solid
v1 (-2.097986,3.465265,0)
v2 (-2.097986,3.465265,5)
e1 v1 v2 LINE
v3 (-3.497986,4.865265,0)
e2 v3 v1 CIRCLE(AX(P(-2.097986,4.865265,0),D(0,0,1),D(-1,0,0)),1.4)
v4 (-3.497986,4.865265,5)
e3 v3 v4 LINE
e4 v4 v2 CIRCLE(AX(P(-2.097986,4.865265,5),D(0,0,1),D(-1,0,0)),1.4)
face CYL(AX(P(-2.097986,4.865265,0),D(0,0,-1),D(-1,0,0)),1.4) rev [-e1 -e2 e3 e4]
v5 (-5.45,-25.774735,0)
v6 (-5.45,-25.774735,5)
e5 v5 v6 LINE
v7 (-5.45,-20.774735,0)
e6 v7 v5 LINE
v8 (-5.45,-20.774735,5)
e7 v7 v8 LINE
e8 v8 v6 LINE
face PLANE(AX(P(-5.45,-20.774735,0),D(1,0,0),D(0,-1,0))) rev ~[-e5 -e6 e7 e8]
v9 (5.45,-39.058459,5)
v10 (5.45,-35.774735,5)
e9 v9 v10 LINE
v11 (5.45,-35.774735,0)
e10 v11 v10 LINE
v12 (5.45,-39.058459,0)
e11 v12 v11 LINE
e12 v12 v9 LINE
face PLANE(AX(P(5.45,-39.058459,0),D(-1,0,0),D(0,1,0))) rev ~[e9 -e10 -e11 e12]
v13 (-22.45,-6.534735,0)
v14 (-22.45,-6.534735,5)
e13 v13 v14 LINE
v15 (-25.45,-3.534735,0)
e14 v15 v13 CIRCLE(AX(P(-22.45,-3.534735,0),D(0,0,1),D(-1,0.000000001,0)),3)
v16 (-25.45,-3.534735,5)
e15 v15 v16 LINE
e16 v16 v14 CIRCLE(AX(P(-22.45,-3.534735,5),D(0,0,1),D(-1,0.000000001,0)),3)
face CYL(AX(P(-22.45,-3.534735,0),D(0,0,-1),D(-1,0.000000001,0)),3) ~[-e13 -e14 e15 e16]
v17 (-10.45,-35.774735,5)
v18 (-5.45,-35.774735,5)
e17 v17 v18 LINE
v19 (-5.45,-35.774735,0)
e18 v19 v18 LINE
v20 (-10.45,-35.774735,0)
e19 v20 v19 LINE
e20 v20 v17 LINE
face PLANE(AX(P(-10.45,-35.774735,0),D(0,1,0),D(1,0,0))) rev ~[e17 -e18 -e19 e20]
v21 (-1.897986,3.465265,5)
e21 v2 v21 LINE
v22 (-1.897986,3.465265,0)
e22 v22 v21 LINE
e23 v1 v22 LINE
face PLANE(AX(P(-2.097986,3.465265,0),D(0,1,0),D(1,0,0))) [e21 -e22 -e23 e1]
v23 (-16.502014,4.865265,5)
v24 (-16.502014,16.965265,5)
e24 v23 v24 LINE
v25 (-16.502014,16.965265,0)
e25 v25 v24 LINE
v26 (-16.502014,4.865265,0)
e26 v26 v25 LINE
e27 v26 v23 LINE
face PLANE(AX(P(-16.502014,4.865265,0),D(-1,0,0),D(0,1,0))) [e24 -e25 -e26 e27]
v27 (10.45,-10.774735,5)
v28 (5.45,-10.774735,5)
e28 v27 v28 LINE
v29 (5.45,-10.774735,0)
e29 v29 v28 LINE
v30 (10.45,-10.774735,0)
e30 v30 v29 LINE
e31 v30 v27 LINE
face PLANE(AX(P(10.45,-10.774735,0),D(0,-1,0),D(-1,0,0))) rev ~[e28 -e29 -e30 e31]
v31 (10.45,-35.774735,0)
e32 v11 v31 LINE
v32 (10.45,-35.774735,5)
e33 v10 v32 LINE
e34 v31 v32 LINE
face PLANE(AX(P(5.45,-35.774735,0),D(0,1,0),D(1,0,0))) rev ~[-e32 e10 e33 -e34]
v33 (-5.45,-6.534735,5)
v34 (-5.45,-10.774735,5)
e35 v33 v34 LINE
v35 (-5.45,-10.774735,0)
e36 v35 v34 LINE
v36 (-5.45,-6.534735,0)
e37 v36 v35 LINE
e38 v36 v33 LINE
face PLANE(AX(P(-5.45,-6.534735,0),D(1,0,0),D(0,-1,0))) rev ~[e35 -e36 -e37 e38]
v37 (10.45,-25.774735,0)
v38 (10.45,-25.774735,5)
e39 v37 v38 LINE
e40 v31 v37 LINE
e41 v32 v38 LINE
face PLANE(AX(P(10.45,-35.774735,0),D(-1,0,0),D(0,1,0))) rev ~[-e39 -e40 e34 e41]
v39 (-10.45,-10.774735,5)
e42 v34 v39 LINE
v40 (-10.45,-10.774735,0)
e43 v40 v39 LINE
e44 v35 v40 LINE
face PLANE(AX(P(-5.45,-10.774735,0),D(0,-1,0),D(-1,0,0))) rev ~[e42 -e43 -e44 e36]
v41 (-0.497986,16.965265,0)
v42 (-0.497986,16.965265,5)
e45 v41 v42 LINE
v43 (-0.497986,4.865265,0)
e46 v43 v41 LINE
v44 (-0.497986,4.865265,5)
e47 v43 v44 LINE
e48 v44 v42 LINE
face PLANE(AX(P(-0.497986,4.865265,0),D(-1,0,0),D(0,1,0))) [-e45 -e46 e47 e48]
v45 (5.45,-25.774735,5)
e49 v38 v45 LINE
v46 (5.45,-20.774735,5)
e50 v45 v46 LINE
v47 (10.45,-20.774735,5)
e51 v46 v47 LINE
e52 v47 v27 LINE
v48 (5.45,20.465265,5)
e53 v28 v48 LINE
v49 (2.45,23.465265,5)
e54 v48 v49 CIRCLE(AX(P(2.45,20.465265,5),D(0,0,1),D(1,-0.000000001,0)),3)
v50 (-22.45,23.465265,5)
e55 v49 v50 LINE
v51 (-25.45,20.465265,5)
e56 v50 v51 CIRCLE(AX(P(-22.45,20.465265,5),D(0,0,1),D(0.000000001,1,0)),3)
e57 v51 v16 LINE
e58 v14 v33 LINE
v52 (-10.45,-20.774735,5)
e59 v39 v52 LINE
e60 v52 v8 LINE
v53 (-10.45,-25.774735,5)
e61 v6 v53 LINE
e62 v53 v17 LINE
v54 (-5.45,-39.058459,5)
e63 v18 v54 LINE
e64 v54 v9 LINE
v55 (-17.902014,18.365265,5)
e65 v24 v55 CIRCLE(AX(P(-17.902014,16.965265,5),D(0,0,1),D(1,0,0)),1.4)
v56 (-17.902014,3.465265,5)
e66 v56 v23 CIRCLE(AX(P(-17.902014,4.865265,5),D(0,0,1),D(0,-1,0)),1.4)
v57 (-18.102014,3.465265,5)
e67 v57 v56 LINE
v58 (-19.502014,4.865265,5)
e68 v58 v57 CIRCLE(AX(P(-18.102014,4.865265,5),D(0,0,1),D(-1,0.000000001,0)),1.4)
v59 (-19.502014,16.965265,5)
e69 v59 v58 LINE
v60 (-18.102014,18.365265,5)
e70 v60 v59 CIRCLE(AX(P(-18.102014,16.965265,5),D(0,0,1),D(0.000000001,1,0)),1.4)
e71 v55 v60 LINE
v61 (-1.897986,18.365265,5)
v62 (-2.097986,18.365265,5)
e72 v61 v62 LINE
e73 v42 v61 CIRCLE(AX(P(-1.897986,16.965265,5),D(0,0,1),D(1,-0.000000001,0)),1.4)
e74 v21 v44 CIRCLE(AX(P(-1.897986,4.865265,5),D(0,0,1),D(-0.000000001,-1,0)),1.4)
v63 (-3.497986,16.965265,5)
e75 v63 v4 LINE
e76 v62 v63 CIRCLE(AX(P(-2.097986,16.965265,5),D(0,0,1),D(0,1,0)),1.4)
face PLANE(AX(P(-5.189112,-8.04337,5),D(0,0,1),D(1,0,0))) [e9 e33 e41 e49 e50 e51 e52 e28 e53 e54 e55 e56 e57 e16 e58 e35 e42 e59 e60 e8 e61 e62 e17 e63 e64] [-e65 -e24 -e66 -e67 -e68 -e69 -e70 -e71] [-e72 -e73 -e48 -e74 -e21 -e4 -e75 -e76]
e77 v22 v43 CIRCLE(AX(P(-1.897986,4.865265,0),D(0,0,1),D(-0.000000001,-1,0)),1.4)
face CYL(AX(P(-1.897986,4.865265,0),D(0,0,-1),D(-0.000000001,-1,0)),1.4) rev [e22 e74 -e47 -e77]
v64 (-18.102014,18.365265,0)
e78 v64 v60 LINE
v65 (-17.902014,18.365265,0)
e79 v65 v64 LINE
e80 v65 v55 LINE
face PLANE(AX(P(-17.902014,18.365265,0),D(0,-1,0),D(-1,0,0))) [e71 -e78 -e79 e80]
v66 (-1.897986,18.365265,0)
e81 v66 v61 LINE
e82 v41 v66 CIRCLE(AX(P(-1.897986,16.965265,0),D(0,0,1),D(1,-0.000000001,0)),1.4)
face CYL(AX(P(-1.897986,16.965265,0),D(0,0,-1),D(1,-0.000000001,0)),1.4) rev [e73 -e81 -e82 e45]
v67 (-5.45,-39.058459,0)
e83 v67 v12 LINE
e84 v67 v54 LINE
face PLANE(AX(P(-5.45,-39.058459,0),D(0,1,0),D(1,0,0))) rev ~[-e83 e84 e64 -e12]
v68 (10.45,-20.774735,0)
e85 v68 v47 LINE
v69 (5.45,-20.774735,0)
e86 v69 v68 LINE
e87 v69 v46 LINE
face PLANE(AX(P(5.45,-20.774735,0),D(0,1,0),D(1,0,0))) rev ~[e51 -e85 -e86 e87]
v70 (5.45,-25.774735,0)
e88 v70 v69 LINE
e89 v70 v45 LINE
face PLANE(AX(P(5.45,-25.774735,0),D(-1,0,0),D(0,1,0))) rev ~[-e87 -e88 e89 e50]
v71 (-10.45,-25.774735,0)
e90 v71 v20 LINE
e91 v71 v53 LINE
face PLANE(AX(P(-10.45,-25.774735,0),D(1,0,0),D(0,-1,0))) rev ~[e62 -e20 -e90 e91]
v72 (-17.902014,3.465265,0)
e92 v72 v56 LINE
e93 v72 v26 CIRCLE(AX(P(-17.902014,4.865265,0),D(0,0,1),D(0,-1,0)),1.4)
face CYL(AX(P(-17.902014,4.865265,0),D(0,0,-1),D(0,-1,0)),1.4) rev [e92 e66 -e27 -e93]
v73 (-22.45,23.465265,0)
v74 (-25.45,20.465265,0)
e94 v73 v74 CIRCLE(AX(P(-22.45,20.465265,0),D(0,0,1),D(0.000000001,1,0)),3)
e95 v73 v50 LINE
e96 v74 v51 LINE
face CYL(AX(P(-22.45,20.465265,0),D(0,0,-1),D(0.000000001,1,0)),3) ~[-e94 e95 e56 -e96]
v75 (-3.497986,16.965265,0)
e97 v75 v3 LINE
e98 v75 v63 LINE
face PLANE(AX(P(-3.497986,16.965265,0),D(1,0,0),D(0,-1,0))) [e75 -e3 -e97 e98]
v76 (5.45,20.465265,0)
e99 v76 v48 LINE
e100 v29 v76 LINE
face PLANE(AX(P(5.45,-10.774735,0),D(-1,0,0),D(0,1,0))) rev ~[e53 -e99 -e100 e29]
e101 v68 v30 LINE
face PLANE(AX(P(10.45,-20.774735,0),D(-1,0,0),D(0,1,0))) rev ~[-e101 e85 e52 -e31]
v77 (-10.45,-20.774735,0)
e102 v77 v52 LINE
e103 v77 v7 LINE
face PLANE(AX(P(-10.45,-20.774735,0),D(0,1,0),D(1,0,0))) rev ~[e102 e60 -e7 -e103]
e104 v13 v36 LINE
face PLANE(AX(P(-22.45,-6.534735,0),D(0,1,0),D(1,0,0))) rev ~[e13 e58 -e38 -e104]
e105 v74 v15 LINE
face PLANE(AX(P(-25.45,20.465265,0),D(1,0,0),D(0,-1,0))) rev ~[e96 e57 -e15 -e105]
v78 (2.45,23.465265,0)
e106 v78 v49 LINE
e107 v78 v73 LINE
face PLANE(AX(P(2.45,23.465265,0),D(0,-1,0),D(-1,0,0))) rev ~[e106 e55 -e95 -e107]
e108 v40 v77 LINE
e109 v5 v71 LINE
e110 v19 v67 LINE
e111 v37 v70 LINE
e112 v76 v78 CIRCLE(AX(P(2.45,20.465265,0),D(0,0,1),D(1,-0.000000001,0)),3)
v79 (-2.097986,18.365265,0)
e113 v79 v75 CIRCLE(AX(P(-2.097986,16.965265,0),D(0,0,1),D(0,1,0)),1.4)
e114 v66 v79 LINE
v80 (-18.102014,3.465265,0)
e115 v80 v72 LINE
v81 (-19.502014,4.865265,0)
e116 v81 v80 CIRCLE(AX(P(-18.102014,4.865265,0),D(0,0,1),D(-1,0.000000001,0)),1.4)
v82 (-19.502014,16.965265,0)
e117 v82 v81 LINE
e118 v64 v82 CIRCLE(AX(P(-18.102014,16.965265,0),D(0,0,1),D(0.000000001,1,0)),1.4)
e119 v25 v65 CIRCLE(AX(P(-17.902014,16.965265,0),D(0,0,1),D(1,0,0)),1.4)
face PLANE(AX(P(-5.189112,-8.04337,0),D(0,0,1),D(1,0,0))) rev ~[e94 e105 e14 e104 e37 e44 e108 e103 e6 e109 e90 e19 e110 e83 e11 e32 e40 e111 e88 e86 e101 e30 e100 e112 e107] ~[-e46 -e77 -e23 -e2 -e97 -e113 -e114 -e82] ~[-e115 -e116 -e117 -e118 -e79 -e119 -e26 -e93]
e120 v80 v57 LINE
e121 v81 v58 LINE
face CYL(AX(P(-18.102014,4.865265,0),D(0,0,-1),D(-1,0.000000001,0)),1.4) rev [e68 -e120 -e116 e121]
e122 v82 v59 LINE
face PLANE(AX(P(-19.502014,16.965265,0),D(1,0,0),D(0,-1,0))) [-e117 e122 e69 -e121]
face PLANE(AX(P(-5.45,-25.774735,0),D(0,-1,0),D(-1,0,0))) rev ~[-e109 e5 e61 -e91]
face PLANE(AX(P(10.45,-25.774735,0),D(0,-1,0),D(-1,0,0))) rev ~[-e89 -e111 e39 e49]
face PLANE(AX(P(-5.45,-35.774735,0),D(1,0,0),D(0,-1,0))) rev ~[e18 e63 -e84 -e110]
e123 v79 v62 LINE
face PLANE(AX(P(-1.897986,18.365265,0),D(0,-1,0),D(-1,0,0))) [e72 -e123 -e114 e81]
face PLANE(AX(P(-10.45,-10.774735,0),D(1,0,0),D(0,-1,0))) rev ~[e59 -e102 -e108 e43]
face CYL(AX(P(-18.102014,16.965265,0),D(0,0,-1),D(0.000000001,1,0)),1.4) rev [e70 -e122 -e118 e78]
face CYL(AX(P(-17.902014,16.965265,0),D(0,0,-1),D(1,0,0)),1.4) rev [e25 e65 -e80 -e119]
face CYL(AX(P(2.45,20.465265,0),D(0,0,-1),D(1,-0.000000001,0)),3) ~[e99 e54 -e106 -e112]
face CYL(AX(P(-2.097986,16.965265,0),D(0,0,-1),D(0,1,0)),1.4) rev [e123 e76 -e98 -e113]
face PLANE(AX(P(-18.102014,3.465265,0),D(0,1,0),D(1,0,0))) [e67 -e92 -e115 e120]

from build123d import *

# Parameters (mm, degrees)
BOSS_EXTRUDE1_DEPTH = 5


with BuildPart() as part:
    # Sketch1 → Boss-Extrude1 (new body)
    with BuildSketch(Plane.XY):
        with BuildLine():
            Line((-10.45, -25.774734933), (-10.45, -35.774734933))
            Line((-10.45, -35.774734933), (-5.45, -35.774734933))
            Line((-5.45, -35.774734933), (-5.45, -39.058458692))
            Line((-5.45, -39.058458692), (5.45, -39.058458692))
            Line((5.45, -39.058458692), (5.45, -35.774734933))
            Line((5.45, -35.774734933), (10.45, -35.774734933))
            Line((10.45, -35.774734933), (10.45, -25.774734933))
            Line((10.45, -25.774734933), (5.45, -25.774734933))
            Line((5.45, -25.774734933), (5.45, -20.774734933))
            Line((5.45, -20.774734933), (10.45, -20.774734933))
            Line((10.45, -20.774734933), (10.45, -10.774734933))
            Line((10.45, -10.774734933), (5.45, -10.774734933))
            Line((5.45, -10.774734933), (5.45, 20.465265067))
            ThreePointArc((5.45, 20.465265067), (4.571320344, 22.586585411), (2.45, 23.465265067))
            Line((2.45, 23.465265067), (-22.45, 23.465265067))
            ThreePointArc((-22.45, 23.465265067), (-24.571320344, 22.586585411), (-25.45, 20.465265067))
            Line((-25.45, 20.465265067), (-25.45, -3.534734933))
            ThreePointArc((-25.45, -3.534734933), (-24.571320344, -5.656055277), (-22.45, -6.534734933))
            Line((-22.45, -6.534734933), (-5.45, -6.534734933))
            Line((-5.45, -6.534734933), (-5.45, -10.774734933))
            Line((-5.45, -10.774734933), (-10.45, -10.774734933))
            Line((-10.45, -10.774734933), (-10.45, -20.774734933))
            Line((-10.45, -20.774734933), (-5.45, -20.774734933))
            Line((-5.45, -20.774734933), (-5.45, -25.774734933))
            Line((-5.45, -25.774734933), (-10.45, -25.774734933))
        make_face()
        with BuildLine():
            Line((-19.50201423, 16.965265067), (-19.50201423, 4.865265067))
            ThreePointArc((-19.50201423, 4.865265067), (-19.091963724, 3.875315573), (-18.10201423, 3.465265067))
            Line((-18.10201423, 3.465265067), (-17.90201423, 3.465265067))
            ThreePointArc((-17.90201423, 3.465265067), (-16.912064737, 3.875315573), (-16.50201423, 4.865265067))
            Line((-16.50201423, 4.865265067), (-16.50201423, 16.965265067))
            ThreePointArc((-16.50201423, 16.965265067), (-16.912064737, 17.955214561), (-17.90201423, 18.365265067))
            Line((-17.90201423, 18.365265067), (-18.10201423, 18.365265067))
            ThreePointArc((-18.10201423, 18.365265067), (-19.091963724, 17.955214561), (-19.50201423, 16.965265067))
        make_face(mode=Mode.SUBTRACT)
        with BuildLine():
            Line((-3.49798577, 16.965265067), (-3.49798577, 4.865265067))
            ThreePointArc((-3.49798577, 4.865265067), (-3.087935263, 3.875315573), (-2.09798577, 3.465265067))
            Line((-2.09798577, 3.465265067), (-1.89798577, 3.465265067))
            ThreePointArc((-1.89798577, 3.465265067), (-0.908036276, 3.875315573), (-0.49798577, 4.865265067))
            Line((-0.49798577, 4.865265067), (-0.49798577, 16.965265067))
            ThreePointArc((-0.49798577, 16.965265067), (-0.908036276, 17.955214561), (-1.89798577, 18.365265067))
            Line((-1.89798577, 18.365265067), (-2.09798577, 18.365265067))
            ThreePointArc((-2.09798577, 18.365265067), (-3.087935263, 17.955214561), (-3.49798577, 16.965265067))
        make_face(mode=Mode.SUBTRACT)
    extrude(amount=BOSS_EXTRUDE1_DEPTH)


solid = part.part
